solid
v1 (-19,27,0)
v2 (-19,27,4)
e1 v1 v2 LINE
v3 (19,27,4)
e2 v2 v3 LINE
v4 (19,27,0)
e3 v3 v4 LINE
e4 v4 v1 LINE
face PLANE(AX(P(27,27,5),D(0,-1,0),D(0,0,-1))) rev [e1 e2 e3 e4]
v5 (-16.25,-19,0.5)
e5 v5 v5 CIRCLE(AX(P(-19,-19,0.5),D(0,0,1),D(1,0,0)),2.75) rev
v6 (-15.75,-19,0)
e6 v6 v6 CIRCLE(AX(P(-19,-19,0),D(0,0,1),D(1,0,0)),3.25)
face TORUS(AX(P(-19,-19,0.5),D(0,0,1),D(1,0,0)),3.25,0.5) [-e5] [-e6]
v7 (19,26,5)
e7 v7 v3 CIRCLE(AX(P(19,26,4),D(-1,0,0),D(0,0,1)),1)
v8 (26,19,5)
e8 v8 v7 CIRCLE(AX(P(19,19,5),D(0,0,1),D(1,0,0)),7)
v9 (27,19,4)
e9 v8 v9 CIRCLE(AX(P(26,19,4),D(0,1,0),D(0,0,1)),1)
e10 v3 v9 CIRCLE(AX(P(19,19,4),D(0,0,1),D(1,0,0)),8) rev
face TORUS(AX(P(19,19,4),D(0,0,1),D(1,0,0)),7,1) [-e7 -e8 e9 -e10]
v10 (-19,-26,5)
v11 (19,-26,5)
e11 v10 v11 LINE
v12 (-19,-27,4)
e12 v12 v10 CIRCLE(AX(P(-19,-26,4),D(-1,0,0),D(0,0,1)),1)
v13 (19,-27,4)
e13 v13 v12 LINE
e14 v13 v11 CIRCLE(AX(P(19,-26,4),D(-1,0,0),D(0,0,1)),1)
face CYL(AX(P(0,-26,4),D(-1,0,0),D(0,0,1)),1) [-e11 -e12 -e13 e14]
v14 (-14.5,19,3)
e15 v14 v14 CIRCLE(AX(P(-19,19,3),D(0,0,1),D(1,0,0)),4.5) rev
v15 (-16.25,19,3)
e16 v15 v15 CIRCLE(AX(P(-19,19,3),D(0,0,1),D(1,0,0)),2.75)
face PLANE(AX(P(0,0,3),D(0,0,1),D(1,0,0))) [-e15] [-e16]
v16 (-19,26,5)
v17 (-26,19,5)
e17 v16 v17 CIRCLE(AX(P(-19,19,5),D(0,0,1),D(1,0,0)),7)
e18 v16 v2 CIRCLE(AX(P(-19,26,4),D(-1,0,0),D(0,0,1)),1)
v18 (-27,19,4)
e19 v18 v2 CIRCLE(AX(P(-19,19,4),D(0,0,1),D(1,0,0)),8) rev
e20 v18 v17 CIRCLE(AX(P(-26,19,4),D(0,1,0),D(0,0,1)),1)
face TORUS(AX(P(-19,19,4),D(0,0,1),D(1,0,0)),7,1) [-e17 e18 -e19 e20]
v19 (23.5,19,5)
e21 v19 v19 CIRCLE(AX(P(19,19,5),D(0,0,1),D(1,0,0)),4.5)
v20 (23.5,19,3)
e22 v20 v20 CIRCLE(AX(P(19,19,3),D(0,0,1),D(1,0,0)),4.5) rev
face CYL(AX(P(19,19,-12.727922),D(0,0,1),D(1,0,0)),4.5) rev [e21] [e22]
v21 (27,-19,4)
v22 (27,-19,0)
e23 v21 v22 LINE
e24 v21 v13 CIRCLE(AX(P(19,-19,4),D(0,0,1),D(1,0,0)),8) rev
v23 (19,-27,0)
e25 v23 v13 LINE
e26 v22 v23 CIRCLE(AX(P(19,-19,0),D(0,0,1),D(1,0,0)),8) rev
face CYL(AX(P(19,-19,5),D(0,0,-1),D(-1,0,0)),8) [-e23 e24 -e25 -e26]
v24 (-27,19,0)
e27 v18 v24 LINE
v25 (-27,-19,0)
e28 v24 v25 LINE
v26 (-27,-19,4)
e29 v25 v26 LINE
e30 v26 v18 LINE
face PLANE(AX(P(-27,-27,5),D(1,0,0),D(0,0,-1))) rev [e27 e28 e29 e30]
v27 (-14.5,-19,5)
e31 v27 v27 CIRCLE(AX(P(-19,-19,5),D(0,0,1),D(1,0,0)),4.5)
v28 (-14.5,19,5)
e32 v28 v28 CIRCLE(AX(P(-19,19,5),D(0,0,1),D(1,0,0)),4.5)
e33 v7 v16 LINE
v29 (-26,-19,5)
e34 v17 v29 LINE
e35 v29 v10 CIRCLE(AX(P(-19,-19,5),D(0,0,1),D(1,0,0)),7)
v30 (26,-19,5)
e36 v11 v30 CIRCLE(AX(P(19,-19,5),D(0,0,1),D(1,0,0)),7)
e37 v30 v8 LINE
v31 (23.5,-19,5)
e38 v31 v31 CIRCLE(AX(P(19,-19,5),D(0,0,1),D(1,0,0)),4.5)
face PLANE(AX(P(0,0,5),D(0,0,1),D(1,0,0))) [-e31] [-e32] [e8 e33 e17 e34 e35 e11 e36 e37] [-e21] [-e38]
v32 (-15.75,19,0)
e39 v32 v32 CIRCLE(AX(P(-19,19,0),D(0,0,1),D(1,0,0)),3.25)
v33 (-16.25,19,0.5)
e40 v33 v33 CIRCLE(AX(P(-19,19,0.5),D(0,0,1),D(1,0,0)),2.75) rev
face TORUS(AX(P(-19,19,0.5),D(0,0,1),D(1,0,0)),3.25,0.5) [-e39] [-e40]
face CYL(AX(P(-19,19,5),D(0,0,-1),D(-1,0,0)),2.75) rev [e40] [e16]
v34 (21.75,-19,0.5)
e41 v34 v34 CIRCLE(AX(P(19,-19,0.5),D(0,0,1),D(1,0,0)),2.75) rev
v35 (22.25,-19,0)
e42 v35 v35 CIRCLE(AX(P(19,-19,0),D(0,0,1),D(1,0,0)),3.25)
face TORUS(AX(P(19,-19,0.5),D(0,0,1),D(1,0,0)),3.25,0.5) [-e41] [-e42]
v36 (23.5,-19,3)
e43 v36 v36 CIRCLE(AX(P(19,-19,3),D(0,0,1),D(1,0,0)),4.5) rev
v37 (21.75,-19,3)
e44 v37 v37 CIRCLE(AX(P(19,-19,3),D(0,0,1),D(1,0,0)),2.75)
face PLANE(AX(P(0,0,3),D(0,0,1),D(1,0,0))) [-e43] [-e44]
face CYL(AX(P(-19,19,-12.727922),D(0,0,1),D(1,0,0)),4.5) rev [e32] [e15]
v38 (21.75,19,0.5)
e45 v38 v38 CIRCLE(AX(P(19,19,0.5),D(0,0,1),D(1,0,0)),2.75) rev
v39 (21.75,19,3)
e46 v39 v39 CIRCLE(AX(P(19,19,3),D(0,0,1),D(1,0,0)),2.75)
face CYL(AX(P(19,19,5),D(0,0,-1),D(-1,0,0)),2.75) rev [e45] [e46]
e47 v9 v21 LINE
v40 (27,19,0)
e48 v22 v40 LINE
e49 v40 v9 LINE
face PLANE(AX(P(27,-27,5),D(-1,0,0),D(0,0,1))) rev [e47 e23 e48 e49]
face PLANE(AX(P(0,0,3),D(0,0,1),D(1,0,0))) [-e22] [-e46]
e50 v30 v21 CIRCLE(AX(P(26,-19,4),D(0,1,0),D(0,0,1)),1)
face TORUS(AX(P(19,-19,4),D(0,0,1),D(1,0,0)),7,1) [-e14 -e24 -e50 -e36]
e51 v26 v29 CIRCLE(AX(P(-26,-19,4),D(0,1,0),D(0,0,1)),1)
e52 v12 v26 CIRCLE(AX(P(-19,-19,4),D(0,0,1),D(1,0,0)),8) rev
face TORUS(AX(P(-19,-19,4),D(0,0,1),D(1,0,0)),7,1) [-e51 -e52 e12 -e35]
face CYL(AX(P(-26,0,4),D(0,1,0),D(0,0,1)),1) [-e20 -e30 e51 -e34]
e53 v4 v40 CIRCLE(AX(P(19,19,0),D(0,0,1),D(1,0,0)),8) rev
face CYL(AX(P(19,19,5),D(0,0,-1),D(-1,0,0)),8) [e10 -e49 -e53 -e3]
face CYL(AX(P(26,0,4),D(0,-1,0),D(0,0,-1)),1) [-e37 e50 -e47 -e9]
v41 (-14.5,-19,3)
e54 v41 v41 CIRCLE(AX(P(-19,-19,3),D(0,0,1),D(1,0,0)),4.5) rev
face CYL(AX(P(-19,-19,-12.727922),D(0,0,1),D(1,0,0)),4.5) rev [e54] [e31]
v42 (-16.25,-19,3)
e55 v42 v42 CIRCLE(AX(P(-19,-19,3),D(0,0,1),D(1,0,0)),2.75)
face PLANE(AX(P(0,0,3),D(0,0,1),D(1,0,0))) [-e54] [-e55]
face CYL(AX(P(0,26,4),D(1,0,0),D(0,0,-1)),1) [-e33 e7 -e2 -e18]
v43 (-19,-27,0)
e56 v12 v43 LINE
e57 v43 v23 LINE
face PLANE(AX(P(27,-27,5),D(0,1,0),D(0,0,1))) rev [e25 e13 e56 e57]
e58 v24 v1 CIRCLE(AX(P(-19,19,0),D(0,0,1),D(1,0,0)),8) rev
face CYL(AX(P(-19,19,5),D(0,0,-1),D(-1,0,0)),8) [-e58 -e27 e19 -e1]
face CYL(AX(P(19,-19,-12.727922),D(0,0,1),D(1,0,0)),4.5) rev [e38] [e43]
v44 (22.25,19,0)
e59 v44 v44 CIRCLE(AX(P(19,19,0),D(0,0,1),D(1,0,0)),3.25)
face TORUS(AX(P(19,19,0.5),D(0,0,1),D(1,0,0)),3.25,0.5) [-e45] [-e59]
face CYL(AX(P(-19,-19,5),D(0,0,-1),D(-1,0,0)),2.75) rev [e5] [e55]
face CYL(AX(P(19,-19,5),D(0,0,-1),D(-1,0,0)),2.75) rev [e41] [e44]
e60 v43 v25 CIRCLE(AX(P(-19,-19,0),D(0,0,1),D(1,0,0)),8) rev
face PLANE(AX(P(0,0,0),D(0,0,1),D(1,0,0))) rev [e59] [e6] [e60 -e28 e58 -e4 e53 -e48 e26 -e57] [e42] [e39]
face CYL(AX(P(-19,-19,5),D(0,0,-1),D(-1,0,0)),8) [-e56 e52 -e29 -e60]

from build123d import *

# Parameters (mm, degrees)
SKETCH1_W           = 54
SKETCH1_H           = 54
SKETCH1_R           = 2.75
BOSS_EXTRUDE1_DEPTH = 5
FILLET1_R           = 8
FILLET2_R           = 0.5
FILLET3_R           = 1
SKETCH2_R           = 4.5
CUT_EXTRUDE2_DEPTH  = 2


with BuildPart() as part:
    # Sketch1 → Boss-Extrude1 (new body)
    with BuildSketch(Plane.XY):
        Rectangle(SKETCH1_W, SKETCH1_H)
        with Locations((-19, 19)):
            Circle(SKETCH1_R, mode=Mode.SUBTRACT)
        with Locations((19, 19)):
            Circle(SKETCH1_R, mode=Mode.SUBTRACT)
        with Locations((19, -19)):
            Circle(SKETCH1_R, mode=Mode.SUBTRACT)
        with Locations((-19, -19)):
            Circle(SKETCH1_R, mode=Mode.SUBTRACT)
    extrude(amount=BOSS_EXTRUDE1_DEPTH)

    # Fillet1
    fillet1_edges = [part.edges().sort_by_distance(p)[0] for p in [
        (-27, 27, 2.5),
        (27, 27, 2.5),
        (27, -27, 2.5),
        (-27, -27, 2.5),
    ]]
    fillet(fillet1_edges, radius=FILLET1_R)

    # Fillet2
    fillet2_edges = [part.edges().sort_by_distance(p)[0] for p in [
        (-21.75, 19, 0),
        (-21.75, 19, 5),
        (16.25, 19, 0),
        (16.25, 19, 5),
        (16.25, -19, 0),
        (16.25, -19, 5),
        (-21.75, -19, 0),
        (-21.75, -19, 5),
    ]]
    fillet(fillet2_edges, radius=FILLET2_R)

    # Fillet3
    fillet3_edges = [part.edges().sort_by_distance(p)[0] for p in [
        (-27, 0, 5),
        (0, 27, 5),
        (0, -27, 5),
        (27, 0, 5),
        (24.656854249, 24.656854249, 5),
        (-24.656854249, -24.656854249, 5),
        (24.656854249, -24.656854249, 5),
        (-24.656854249, 24.656854249, 5),
    ]]
    fillet(fillet3_edges, radius=FILLET3_R)

    # Sketch2 → Cut-Extrude2 (cut)
    with BuildSketch(Plane.XY.offset(5)):
        with Locations((-19, 19)):
            Circle(SKETCH2_R)
        with Locations((19, 19)):
            Circle(SKETCH2_R)
        with Locations((19, -19)):
            Circle(SKETCH2_R)
        with Locations((-19, -19)):
            Circle(SKETCH2_R)
    extrude(amount=-CUT_EXTRUDE2_DEPTH, mode=Mode.SUBTRACT)


solid = part.part
